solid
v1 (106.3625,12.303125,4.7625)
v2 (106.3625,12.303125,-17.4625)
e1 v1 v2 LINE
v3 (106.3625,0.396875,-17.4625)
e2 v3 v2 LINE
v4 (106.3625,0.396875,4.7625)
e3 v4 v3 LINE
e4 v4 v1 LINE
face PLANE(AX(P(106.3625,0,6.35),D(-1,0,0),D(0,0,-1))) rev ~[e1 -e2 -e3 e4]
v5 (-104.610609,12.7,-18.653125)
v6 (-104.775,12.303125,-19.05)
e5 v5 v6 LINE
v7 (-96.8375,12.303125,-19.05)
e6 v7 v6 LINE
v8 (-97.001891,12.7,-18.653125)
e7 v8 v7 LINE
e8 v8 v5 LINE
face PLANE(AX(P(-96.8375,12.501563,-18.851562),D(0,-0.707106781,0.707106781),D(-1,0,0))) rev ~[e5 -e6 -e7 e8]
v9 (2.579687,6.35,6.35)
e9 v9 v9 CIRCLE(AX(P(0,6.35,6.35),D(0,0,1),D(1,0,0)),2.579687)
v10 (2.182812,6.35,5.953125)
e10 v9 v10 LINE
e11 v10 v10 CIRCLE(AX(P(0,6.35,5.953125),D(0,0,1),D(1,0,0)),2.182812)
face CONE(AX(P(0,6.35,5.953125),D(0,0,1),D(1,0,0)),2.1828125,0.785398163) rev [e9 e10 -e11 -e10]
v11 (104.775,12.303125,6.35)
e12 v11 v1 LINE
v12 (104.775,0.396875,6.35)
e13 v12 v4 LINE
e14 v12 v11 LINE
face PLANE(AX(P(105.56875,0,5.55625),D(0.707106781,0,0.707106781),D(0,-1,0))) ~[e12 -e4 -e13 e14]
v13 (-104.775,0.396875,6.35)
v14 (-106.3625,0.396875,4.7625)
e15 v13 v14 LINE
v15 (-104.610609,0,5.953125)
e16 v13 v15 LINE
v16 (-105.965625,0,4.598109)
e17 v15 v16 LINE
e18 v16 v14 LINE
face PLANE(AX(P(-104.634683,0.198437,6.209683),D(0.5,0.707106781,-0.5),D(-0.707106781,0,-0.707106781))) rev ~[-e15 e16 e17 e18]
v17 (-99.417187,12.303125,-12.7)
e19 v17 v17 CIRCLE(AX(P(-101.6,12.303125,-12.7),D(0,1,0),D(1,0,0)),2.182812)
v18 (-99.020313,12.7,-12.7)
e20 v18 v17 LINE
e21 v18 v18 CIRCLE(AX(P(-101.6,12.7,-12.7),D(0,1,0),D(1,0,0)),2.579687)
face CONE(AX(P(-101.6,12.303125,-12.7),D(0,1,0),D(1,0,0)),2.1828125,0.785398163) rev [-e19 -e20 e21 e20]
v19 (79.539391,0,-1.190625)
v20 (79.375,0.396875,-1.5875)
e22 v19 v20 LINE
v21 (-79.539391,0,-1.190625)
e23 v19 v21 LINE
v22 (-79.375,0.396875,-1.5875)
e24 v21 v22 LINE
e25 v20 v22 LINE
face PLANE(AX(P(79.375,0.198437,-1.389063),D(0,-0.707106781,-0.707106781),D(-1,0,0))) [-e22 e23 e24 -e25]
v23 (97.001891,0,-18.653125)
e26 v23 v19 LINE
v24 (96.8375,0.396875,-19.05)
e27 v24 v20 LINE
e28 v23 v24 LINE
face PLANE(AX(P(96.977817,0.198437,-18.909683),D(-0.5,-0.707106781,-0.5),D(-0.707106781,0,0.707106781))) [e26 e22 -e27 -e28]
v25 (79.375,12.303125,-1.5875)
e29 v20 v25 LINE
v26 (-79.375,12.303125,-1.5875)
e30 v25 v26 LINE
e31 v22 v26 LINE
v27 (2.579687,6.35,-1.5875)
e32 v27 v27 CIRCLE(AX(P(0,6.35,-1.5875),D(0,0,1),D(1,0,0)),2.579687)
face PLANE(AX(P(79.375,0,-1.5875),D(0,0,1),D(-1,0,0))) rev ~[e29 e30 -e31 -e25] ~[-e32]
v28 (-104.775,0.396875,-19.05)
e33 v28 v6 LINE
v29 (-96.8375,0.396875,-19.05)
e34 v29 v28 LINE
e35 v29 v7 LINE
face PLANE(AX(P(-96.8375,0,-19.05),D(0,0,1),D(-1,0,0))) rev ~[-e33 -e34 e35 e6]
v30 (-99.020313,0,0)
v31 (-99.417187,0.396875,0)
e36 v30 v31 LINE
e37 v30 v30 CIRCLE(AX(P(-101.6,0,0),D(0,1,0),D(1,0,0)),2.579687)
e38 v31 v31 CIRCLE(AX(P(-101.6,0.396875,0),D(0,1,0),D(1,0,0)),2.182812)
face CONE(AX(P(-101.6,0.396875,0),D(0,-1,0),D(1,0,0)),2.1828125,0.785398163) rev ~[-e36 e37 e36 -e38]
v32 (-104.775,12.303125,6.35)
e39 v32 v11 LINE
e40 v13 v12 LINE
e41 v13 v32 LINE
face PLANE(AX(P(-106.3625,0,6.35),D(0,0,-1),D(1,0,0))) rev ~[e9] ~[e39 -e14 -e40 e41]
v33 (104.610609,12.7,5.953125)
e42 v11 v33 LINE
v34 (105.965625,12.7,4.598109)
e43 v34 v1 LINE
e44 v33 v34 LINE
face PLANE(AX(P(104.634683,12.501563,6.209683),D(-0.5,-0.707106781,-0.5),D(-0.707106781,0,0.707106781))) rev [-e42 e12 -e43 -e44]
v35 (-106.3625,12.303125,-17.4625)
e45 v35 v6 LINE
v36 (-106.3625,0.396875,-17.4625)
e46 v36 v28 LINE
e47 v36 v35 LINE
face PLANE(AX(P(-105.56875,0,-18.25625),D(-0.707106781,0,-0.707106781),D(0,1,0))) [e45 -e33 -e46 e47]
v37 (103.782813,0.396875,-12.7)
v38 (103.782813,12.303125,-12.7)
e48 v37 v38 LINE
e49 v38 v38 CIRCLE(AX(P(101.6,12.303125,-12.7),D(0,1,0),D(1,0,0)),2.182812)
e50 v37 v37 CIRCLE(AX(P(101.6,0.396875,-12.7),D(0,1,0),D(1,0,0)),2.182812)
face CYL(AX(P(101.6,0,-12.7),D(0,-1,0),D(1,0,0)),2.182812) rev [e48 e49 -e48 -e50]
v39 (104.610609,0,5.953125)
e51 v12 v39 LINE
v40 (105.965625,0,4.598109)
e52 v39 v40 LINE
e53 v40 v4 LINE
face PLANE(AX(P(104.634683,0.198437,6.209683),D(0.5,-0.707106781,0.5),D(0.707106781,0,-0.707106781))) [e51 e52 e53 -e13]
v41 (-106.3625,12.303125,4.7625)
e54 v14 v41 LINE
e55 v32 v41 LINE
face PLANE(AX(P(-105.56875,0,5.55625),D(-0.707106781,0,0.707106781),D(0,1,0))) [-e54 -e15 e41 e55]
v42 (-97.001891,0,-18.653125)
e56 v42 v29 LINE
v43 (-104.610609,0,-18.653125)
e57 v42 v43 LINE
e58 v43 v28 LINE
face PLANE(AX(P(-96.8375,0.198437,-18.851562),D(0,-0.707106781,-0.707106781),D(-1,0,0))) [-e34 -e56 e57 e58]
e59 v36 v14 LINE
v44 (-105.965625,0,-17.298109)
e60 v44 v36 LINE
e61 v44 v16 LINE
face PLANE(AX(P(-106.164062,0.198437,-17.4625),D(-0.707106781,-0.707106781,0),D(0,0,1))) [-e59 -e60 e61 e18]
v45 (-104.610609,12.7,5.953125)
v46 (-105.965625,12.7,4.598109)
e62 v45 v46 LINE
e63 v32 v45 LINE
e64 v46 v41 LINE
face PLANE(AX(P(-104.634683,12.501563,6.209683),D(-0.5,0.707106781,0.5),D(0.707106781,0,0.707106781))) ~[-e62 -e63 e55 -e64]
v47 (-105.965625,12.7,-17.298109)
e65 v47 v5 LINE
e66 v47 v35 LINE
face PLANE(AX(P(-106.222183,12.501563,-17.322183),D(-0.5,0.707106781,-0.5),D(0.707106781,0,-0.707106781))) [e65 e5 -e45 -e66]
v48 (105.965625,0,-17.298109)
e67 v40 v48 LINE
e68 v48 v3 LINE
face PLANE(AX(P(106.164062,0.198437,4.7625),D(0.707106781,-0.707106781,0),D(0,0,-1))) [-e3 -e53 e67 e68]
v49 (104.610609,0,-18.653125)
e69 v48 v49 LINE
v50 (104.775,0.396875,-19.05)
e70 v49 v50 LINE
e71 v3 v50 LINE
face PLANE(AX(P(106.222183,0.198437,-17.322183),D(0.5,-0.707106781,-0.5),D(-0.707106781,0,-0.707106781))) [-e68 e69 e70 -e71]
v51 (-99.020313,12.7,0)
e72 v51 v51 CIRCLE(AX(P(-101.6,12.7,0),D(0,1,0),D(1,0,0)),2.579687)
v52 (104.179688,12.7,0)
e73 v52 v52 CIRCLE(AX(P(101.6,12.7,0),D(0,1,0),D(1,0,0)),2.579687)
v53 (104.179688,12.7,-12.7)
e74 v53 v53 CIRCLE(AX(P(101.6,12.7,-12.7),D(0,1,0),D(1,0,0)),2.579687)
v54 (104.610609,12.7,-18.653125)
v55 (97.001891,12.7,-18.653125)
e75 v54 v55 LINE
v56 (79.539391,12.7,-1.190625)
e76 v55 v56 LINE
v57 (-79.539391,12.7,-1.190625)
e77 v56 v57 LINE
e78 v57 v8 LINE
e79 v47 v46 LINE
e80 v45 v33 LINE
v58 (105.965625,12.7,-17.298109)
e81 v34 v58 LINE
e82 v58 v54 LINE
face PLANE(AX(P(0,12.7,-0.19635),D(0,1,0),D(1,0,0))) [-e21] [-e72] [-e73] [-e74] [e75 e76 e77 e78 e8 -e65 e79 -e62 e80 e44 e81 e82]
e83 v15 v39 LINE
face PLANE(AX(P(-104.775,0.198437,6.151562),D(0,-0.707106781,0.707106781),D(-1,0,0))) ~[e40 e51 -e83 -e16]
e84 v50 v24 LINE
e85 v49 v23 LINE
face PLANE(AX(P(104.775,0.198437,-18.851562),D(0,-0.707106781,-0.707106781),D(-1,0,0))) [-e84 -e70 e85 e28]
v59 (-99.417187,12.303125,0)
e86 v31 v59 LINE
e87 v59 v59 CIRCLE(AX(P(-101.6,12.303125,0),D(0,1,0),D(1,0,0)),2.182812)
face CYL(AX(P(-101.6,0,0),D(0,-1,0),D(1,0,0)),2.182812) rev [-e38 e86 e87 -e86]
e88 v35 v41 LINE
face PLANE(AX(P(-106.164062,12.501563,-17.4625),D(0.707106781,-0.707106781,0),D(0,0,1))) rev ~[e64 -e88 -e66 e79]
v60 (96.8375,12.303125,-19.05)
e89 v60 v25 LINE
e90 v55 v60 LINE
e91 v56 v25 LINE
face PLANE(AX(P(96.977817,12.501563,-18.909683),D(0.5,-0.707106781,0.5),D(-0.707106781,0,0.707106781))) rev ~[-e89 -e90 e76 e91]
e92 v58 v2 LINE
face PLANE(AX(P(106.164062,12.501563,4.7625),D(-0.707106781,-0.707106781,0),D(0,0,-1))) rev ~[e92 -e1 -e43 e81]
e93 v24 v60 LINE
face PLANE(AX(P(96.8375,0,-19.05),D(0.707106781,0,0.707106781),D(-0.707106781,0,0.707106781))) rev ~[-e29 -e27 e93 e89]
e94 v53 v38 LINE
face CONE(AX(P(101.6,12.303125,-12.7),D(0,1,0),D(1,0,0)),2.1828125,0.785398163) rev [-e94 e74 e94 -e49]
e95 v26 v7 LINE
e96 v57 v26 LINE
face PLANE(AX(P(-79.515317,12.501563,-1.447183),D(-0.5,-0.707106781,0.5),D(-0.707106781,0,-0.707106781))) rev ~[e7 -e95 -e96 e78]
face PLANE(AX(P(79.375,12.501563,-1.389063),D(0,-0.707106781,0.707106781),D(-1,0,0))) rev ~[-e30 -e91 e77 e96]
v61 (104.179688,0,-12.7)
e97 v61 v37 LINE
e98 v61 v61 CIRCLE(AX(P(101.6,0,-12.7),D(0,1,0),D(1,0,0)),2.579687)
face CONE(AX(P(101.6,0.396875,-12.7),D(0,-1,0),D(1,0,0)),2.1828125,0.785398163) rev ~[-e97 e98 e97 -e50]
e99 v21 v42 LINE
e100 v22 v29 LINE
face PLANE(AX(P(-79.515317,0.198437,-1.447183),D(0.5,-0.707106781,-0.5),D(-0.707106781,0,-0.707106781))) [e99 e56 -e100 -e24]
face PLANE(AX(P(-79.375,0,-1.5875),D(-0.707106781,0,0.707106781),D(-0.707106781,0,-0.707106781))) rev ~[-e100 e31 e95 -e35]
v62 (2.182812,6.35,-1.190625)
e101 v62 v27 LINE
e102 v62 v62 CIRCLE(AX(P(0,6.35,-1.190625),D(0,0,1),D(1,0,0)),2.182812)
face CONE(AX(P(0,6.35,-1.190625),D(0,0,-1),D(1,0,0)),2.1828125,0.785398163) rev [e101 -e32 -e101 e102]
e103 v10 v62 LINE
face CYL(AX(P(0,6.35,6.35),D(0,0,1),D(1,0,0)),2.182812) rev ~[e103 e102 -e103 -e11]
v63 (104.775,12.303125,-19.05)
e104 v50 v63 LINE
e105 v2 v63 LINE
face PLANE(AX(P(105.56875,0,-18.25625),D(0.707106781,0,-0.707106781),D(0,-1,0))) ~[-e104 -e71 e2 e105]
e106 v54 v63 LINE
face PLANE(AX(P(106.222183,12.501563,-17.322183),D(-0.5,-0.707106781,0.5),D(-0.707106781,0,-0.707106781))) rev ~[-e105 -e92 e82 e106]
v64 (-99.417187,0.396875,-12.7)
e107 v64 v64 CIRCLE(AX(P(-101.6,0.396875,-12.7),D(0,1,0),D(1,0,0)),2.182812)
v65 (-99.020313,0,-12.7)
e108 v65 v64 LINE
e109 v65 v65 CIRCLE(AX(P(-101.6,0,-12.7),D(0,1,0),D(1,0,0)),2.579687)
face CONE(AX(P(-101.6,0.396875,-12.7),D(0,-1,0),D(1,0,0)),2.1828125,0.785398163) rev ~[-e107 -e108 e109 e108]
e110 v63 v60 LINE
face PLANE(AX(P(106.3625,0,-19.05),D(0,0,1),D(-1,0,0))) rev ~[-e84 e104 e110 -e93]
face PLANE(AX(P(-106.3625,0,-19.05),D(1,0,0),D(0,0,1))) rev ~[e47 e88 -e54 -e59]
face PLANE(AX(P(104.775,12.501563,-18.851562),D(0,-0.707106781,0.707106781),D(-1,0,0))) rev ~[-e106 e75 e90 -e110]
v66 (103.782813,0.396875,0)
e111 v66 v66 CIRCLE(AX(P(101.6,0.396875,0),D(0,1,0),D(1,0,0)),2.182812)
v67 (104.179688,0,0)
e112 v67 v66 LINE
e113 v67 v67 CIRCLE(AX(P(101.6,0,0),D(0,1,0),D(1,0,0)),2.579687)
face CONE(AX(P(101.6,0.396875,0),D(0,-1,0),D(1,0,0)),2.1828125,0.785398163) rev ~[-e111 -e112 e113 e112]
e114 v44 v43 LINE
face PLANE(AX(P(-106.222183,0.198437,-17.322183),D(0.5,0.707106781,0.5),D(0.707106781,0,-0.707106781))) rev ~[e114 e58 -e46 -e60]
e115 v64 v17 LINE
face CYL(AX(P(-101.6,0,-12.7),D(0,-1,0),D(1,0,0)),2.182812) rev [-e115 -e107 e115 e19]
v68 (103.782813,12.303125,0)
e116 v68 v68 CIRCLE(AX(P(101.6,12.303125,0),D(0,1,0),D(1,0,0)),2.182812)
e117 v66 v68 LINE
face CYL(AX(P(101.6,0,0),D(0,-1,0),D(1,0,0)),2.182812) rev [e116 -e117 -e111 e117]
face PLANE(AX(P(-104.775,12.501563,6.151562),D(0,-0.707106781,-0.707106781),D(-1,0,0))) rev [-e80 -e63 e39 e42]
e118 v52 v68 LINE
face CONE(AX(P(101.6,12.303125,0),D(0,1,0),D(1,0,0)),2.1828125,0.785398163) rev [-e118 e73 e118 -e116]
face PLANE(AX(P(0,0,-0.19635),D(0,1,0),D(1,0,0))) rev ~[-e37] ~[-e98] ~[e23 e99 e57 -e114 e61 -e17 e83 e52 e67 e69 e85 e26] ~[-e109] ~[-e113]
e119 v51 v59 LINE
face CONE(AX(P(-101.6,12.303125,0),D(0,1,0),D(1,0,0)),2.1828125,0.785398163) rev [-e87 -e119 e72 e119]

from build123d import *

# Parameters (mm, degrees)
SKETCH1_R               = 2.1828125
BOSS_EXTRUDE1_DEPTH     = 12.7
CHAMFER1_SIZE           = 1.5875
SKETCH2_R               = 2.1828125
CUT_EXTRUDE1_DEPTH      = 1
CUT_EXTRUDE1_DEPTH_BACK = 26.4
CHAMFER2_SIZE           = 0.396875


with BuildPart() as part:
    # Sketch1 → Boss-Extrude1 (new body)
    with BuildSketch(Plane(origin=(0, 0, 0), x_dir=(1, 0, 0), z_dir=(0, 1, 0))):
        Polygon((-106.3625, -6.35), (106.3625, -6.35), (106.3625, 19.05), (96.8375, 19.05), (79.375, 1.5875), (-79.375, 1.5875), (-96.8375, 19.05), (-106.3625, 19.05), align=None)
        with Locations((-101.6, 0)):
            Circle(SKETCH1_R, mode=Mode.SUBTRACT)
        with Locations((-101.6, 12.7)):
            Circle(SKETCH1_R, mode=Mode.SUBTRACT)
        with Locations((101.6, 0)):
            Circle(SKETCH1_R, mode=Mode.SUBTRACT)
        with Locations((101.6, 12.7)):
            Circle(SKETCH1_R, mode=Mode.SUBTRACT)
    extrude(amount=BOSS_EXTRUDE1_DEPTH)

    # Chamfer1
    chamfer1_edges = [part.edges().sort_by_distance(p)[0] for p in [
        (106.3625, 6.35, -19.05),
        (106.3625, 6.35, 6.35),
        (-106.3625, 6.35, 6.35),
        (-106.3625, 6.35, -19.05),
    ]]
    chamfer(chamfer1_edges, length=CHAMFER1_SIZE)

    # Sketch2 → Cut-Extrude1 (cut, two sides)
    with BuildSketch(Plane.XY.offset(6.35)) as cut_extrude1_sk:
        with Locations((0, 6.35)):
            Circle(SKETCH2_R)
    extrude(amount=CUT_EXTRUDE1_DEPTH, mode=Mode.SUBTRACT)
    extrude(cut_extrude1_sk.sketch, amount=-CUT_EXTRUDE1_DEPTH_BACK, mode=Mode.SUBTRACT)

    # Chamfer2
    chamfer2_edges = [part.edges().sort_by_distance(p)[0] for p in [
        (-88.10625, 0, -10.31875),
        (0, 0, -1.5875),
        (88.10625, 0, -10.31875),
        (0, 12.7, -1.5875),
        (-88.10625, 12.7, -10.31875),
        (-100.80625, 12.7, -19.05),
        (-103.7828125, 0, 0),
        (-103.7828125, 12.7, 0),
        (-103.7828125, 0, -12.7),
        (-103.7828125, 12.7, -12.7),
        (99.4171875, 0, 0),
        (99.4171875, 12.7, 0),
        (99.4171875, 0, -12.7),
        (99.4171875, 12.7, -12.7),
        (100.80625, 0, -19.05),
        (100.80625, 12.7, -19.05),
        (106.3625, 0, -6.35),
        (0, 0, 6.35),
        (-106.3625, 0, -6.35),
        (-105.56875, 0, 5.55625),
        (-105.56875, 0, -18.25625),
        (105.56875, 0, 5.55625),
        (105.56875, 0, -18.25625),
        (106.3625, 12.7, -6.35),
        (-106.3625, 12.7, -6.35),
        (0, 12.7, 6.35),
        (-105.56875, 12.7, 5.55625),
        (-105.56875, 12.7, -18.25625),
        (105.56875, 12.7, 5.55625),
        (105.56875, 12.7, -18.25625),
        (-2.1828125, 6.35, 6.35),
        (-2.1828125, 6.35, -1.5875),
        (88.10625, 12.7, -10.31875),
        (-100.80625, 0, -19.05),
    ]]
    chamfer(chamfer2_edges, length=CHAMFER2_SIZE)


solid = part.part
